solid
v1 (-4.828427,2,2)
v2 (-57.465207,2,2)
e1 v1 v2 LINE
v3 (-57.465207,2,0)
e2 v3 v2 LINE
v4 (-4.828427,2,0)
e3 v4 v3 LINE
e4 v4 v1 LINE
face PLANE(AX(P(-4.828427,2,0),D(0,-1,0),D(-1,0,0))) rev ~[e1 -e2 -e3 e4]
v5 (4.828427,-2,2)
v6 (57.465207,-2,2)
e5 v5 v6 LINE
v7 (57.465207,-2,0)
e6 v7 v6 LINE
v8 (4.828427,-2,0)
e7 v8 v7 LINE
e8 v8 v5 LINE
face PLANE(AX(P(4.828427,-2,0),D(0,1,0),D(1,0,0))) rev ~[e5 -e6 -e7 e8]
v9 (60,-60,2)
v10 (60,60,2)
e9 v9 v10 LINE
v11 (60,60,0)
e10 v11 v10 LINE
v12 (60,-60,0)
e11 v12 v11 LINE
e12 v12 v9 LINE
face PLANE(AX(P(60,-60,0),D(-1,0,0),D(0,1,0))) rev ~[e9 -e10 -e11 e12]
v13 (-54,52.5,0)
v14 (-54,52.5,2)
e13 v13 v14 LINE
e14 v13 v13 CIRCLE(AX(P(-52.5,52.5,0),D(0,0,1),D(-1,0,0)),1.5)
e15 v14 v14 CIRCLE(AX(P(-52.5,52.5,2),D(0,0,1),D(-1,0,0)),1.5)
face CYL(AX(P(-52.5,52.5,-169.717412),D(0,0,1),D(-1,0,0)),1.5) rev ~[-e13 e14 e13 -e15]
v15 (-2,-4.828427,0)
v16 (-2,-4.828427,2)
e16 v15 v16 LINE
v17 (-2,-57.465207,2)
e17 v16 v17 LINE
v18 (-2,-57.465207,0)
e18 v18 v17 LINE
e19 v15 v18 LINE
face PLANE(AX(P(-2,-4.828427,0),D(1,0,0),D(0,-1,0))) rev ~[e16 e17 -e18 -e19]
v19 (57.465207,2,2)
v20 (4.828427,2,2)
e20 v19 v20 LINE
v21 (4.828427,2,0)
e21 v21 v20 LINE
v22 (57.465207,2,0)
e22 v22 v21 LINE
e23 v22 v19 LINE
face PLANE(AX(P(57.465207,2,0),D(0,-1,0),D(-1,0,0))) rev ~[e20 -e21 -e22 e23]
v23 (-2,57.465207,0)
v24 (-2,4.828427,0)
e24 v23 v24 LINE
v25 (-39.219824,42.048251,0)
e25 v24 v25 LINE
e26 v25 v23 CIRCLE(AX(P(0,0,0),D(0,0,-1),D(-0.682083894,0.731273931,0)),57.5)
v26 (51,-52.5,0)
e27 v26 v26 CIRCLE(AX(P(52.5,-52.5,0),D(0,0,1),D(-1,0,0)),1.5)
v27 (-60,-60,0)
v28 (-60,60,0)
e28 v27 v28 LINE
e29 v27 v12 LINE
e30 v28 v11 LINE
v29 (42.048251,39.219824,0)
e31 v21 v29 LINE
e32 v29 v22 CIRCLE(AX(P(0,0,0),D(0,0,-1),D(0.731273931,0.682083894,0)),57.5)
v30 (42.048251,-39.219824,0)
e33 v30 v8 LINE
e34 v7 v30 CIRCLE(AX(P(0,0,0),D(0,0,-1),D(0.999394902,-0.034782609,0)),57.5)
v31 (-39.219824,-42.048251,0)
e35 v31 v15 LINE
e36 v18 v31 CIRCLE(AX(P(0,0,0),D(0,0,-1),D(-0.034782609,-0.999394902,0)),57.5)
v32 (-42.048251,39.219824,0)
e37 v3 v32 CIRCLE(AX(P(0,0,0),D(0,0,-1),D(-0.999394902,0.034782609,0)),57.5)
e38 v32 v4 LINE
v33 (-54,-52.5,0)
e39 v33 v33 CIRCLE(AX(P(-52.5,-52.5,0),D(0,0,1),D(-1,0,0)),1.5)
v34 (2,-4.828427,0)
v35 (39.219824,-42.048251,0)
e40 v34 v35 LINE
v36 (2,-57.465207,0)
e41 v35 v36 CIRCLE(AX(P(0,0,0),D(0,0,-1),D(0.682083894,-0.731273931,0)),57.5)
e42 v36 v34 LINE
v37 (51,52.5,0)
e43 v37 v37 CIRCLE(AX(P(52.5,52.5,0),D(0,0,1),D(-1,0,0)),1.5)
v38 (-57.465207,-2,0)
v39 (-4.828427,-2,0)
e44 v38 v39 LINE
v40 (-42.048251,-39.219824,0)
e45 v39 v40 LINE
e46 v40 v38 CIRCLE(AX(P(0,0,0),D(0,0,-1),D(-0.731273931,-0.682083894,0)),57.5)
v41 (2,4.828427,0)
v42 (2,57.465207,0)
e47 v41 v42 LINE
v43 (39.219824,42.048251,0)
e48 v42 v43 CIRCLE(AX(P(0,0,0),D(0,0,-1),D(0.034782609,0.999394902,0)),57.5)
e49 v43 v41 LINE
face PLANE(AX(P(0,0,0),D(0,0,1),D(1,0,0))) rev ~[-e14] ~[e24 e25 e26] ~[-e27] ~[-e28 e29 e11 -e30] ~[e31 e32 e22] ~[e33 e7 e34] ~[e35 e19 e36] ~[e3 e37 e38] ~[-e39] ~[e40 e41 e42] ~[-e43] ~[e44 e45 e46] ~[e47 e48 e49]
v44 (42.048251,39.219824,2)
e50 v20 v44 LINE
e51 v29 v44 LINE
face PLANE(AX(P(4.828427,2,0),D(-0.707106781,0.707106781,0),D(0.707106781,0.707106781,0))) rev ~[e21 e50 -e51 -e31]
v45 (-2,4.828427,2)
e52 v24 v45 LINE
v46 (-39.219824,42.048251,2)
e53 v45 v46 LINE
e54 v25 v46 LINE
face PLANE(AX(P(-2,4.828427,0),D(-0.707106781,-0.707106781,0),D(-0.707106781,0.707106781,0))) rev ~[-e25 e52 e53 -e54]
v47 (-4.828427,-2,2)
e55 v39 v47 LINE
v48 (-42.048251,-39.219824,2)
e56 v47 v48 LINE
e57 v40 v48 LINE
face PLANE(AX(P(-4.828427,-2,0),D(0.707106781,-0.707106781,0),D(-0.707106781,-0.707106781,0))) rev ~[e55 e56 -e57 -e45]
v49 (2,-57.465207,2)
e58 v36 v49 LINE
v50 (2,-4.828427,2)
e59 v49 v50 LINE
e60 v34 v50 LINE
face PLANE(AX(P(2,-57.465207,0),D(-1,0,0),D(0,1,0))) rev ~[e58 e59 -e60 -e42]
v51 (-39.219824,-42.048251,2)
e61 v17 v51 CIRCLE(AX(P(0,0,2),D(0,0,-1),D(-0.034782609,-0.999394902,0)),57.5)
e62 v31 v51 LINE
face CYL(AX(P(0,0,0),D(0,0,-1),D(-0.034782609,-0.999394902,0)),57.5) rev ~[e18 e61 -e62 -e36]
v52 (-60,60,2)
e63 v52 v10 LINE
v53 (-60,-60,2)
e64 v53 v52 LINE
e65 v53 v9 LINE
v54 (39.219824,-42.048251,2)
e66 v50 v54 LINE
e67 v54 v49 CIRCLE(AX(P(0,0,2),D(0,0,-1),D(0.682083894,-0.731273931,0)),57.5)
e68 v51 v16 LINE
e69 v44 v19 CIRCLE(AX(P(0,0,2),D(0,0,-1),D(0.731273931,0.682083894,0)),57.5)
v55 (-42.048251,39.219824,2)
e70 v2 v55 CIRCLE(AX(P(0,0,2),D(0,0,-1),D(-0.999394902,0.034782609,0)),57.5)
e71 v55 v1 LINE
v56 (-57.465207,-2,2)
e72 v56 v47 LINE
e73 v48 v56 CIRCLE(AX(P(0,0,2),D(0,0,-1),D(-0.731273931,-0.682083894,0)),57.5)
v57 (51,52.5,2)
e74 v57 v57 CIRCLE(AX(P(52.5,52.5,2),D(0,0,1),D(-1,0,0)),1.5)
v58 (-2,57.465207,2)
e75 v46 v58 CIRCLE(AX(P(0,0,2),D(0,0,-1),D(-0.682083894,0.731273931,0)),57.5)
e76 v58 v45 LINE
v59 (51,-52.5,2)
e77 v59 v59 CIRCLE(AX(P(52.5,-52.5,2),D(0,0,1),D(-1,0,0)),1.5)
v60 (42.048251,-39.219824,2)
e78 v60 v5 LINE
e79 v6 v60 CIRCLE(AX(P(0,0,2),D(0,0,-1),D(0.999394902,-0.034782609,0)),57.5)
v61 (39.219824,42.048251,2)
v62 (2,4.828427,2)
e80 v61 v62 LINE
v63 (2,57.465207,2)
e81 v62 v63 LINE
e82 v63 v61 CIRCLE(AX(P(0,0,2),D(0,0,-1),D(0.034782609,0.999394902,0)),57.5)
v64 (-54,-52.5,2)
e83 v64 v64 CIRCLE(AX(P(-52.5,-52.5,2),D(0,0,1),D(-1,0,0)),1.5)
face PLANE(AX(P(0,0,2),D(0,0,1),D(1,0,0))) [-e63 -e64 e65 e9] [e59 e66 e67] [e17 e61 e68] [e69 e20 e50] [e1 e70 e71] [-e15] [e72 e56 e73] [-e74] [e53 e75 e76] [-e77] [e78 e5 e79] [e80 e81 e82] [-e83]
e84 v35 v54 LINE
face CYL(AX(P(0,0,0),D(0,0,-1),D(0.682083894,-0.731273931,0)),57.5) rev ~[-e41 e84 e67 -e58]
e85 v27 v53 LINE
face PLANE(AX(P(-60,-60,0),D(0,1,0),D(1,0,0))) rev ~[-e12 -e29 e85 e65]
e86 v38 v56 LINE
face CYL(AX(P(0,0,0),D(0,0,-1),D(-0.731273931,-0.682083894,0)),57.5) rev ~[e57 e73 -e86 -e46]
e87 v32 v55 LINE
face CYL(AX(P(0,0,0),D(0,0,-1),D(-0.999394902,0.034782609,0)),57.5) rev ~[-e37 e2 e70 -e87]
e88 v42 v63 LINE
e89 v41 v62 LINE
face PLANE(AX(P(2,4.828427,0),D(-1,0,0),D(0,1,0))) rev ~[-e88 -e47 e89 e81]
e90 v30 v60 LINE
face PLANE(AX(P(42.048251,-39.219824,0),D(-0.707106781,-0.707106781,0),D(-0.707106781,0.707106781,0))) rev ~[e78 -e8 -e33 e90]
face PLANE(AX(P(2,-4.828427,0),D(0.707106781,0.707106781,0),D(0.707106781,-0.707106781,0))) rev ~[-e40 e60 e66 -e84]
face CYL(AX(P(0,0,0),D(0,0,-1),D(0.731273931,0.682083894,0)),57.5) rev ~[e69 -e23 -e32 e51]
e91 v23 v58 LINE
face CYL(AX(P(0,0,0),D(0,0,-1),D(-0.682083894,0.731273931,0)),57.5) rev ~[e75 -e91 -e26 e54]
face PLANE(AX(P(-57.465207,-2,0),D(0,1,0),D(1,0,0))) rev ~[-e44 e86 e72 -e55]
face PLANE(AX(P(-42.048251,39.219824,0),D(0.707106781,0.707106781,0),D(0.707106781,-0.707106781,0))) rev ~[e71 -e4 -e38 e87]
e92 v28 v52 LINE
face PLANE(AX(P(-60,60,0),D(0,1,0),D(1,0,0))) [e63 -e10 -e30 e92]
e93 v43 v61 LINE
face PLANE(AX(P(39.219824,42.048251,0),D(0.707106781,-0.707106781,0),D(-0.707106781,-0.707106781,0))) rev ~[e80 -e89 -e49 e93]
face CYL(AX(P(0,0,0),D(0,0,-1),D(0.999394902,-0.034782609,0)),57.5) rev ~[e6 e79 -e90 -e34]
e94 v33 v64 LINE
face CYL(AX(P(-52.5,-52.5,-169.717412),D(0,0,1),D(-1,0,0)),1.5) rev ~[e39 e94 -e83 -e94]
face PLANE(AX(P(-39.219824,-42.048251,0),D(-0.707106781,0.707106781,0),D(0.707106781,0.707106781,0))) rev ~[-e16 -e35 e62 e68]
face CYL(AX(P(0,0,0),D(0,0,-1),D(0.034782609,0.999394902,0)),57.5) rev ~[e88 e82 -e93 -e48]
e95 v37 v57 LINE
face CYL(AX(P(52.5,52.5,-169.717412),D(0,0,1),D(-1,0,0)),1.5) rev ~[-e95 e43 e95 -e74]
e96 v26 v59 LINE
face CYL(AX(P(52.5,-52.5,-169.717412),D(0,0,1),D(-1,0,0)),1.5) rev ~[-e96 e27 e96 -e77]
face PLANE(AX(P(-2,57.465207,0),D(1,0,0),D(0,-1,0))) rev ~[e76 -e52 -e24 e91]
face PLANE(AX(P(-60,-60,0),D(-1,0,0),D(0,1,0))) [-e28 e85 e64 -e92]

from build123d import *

# Parameters (mm, degrees)
F0_W     = 120
F0_H     = 120
F1_DEPTH = 2
F2_D     = 3


with BuildPart() as f1:
    # F0 (on Top) → F1 (new body)
    with BuildSketch(Plane.XY):
        Rectangle(F0_W, F0_H)
        with BuildLine():
            ThreePointArc((57.4652068647, 2), (57.4913010582, 1.0001513088), (57.5, 0))
            ThreePointArc((57.5, 0), (57.4913010582, -1.0001513088), (57.4652068647, -2))
            ThreePointArc((57.4652068647, -2), (53.1230731194, -22.004297361), (42.0482510187, -39.2198238939))
            ThreePointArc((42.0482510187, -39.2198238939), (40.6586399182, -40.6586399182), (39.2198238939, -42.0482510187))
            ThreePointArc((39.2198238939, -42.0482510187), (22.004297361, -53.1230731194), (2, -57.4652068647))
            ThreePointArc((2, -57.4652068647), (0, -57.5), (-2, -57.4652068647))
            ThreePointArc((-2, -57.4652068647), (-22.004297361, -53.1230731194), (-39.2198238939, -42.0482510187))
            ThreePointArc((-39.2198238939, -42.0482510187), (-40.6586399182, -40.6586399182), (-42.0482510187, -39.2198238939))
            ThreePointArc((-42.0482510187, -39.2198238939), (-53.1230731194, -22.004297361), (-57.4652068647, -2))
            ThreePointArc((-57.4652068647, -2), (-57.5, 0), (-57.4652068647, 2))
            ThreePointArc((-57.4652068647, 2), (-53.1230731194, 22.004297361), (-42.0482510187, 39.2198238939))
            ThreePointArc((-42.0482510187, 39.2198238939), (-40.6586399182, 40.6586399182), (-39.2198238939, 42.0482510187))
            ThreePointArc((-39.2198238939, 42.0482510187), (-22.004297361, 53.1230731194), (-2, 57.4652068647))
            ThreePointArc((-2, 57.4652068647), (0, 57.5), (2, 57.4652068647))
            ThreePointArc((2, 57.4652068647), (22.004297361, 53.1230731194), (39.2198238939, 42.0482510187))
            ThreePointArc((39.2198238939, 42.0482510187), (40.6586399182, 40.6586399182), (42.0482510187, 39.2198238939))
            ThreePointArc((42.0482510187, 39.2198238939), (53.1230731194, 22.004297361), (57.4652068647, 2))
        make_face(mode=Mode.SUBTRACT)
        with BuildLine():
            Line((-2, 4.8284271247), (-39.2198238939, 42.0482510187))
            ThreePointArc((-39.2198238939, 42.0482510187), (-40.6586399182, 40.6586399182), (-42.0482510187, 39.2198238939))
            Line((-42.0482510187, 39.2198238939), (-4.8284271247, 2))
            Line((-4.8284271247, 2), (-2, 2))
            Line((-2, 2), (-2, 4.8284271247))
        make_face()
        with BuildLine():
            Line((2, 4.8284271247), (2, 57.4652068647))
            ThreePointArc((2, 57.4652068647), (0, 57.5), (-2, 57.4652068647))
            Line((-2, 57.4652068647), (-2, 4.8284271247))
            Line((-2, 4.8284271247), (0, 2.8284271247))
            Line((0, 2.8284271247), (2, 4.8284271247))
        make_face()
        with BuildLine():
            Line((-4.8284271247, 2), (-57.4652068647, 2))
            ThreePointArc((-57.4652068647, 2), (-57.5, 0), (-57.4652068647, -2))
            Line((-57.4652068647, -2), (-4.8284271247, -2))
            Line((-4.8284271247, -2), (-2.8284271247, 0))
            Line((-2.8284271247, 0), (-4.8284271247, 2))
        make_face()
        with BuildLine():
            ThreePointArc((-42.0482510187, -39.2198238939), (-40.6586399182, -40.6586399182), (-39.2198238939, -42.0482510187))
            Line((-39.2198238939, -42.0482510187), (-2, -4.8284271247))
            Line((-2, -4.8284271247), (-2, -2))
            Line((-2, -2), (-4.8284271247, -2))
            Line((-4.8284271247, -2), (-42.0482510187, -39.2198238939))
        make_face()
        with BuildLine():
            ThreePointArc((-2, -57.4652068647), (0, -57.5), (2, -57.4652068647))
            Line((2, -57.4652068647), (2, -4.8284271247))
            Line((2, -4.8284271247), (0, -2.8284271247))
            Line((0, -2.8284271247), (-2, -4.8284271247))
            Line((-2, -4.8284271247), (-2, -57.4652068647))
        make_face()
        with BuildLine():
            ThreePointArc((39.2198238939, -42.0482510187), (40.6586399182, -40.6586399182), (42.0482510187, -39.2198238939))
            Line((42.0482510187, -39.2198238939), (4.8284271247, -2))
            Line((4.8284271247, -2), (2, -2))
            Line((2, -2), (2, -4.8284271247))
            Line((2, -4.8284271247), (39.2198238939, -42.0482510187))
        make_face()
        with BuildLine():
            ThreePointArc((57.4652068647, -2), (57.4913010582, -1.0001513088), (57.5, 0))
            ThreePointArc((57.5, 0), (57.4913010582, 1.0001513088), (57.4652068647, 2))
            Line((57.4652068647, 2), (4.8284271247, 2))
            Line((4.8284271247, 2), (2.8284271247, 0))
            Line((2.8284271247, 0), (4.8284271247, -2))
            Line((4.8284271247, -2), (57.4652068647, -2))
        make_face()
        with BuildLine():
            Line((4.8284271247, 2), (42.0482510187, 39.2198238939))
            ThreePointArc((42.0482510187, 39.2198238939), (40.6586399182, 40.6586399182), (39.2198238939, 42.0482510187))
            Line((39.2198238939, 42.0482510187), (2, 4.8284271247))
            Line((2, 4.8284271247), (2, 2))
            Line((2, 2), (4.8284271247, 2))
        make_face()
        Polygon((2.8284271247, 0), (4.8284271247, 2), (2, 2), (2, 0.8284271247), align=None)
        Polygon((0.8284271247, 2), (2, 2), (2, 4.8284271247), (0, 2.8284271247), align=None)
        Polygon((-0.8284271247, 2), (0, 2.8284271247), (-2, 4.8284271247), (-2, 2), align=None)
        Polygon((-2, 0.8284271247), (-2, 2), (-4.8284271247, 2), (-2.8284271247, 0), align=None)
        Polygon((-4.8284271247, -2), (-2, -2), (-2, -0.8284271247), (-2.8284271247, 0), align=None)
        Polygon((-2, -4.8284271247), (0, -2.8284271247), (-0.8284271247, -2), (-2, -2), align=None)
        Polygon((-2, -2), (-0.8284271247, -2), (-1.4142135624, -1.4142135624), (-2, -0.8284271247), align=None)
        Polygon((0, 0), (0, 2), (-0.8284271247, 2), (-1.4142135624, 1.4142135624), (-2, 0.8284271247), (-2, 0), (-2, -0.8284271247), (-1.4142135624, -1.4142135624), (-0.8284271247, -2), (0, -2), align=None)
        Polygon((-2, 0), (-2, 0.8284271247), (-2.8284271247, 0), (-2, -0.8284271247), align=None)
        Polygon((-1.4142135624, 1.4142135624), (-0.8284271247, 2), (-2, 2), (-2, 0.8284271247), align=None)
        Polygon((0, 2), (0.8284271247, 2), (0, 2.8284271247), (-0.8284271247, 2), align=None)
        Polygon((1.4142135624, 1.4142135624), (0.8284271247, 2), (0, 2), (0, 0), (0, -2), (0.8284271247, -2), (1.4142135624, -1.4142135624), (2, -0.8284271247), (2, 0), (2, 0.8284271247), align=None)
        Polygon((2, 0.8284271247), (2, 2), (0.8284271247, 2), (1.4142135624, 1.4142135624), align=None)
        Polygon((2, -2), (4.8284271247, -2), (2.8284271247, 0), (2, -0.8284271247), align=None)
        Polygon((2, -4.8284271247), (2, -2), (0.8284271247, -2), (0, -2.8284271247), align=None)
        Polygon((0, -2.8284271247), (0.8284271247, -2), (0, -2), (-0.8284271247, -2), align=None)
        Polygon((2, -0.8284271247), (2.8284271247, 0), (2, 0.8284271247), (2, 0), align=None)
        Polygon((0.8284271247, -2), (2, -2), (2, -0.8284271247), (1.4142135624, -1.4142135624), align=None)
    extrude(amount=F1_DEPTH)

    # F2 (through all)
    with Locations(Plane(origin=(0, 0, 0), x_dir=(1, 0, 0), z_dir=(0, 0, -1))):
        with Locations((-52.5, -52.5), (-52.5, 52.5), (52.5, 52.5), (52.5, -52.5)):
            Hole(F2_D / 2)


solid = f1.part
